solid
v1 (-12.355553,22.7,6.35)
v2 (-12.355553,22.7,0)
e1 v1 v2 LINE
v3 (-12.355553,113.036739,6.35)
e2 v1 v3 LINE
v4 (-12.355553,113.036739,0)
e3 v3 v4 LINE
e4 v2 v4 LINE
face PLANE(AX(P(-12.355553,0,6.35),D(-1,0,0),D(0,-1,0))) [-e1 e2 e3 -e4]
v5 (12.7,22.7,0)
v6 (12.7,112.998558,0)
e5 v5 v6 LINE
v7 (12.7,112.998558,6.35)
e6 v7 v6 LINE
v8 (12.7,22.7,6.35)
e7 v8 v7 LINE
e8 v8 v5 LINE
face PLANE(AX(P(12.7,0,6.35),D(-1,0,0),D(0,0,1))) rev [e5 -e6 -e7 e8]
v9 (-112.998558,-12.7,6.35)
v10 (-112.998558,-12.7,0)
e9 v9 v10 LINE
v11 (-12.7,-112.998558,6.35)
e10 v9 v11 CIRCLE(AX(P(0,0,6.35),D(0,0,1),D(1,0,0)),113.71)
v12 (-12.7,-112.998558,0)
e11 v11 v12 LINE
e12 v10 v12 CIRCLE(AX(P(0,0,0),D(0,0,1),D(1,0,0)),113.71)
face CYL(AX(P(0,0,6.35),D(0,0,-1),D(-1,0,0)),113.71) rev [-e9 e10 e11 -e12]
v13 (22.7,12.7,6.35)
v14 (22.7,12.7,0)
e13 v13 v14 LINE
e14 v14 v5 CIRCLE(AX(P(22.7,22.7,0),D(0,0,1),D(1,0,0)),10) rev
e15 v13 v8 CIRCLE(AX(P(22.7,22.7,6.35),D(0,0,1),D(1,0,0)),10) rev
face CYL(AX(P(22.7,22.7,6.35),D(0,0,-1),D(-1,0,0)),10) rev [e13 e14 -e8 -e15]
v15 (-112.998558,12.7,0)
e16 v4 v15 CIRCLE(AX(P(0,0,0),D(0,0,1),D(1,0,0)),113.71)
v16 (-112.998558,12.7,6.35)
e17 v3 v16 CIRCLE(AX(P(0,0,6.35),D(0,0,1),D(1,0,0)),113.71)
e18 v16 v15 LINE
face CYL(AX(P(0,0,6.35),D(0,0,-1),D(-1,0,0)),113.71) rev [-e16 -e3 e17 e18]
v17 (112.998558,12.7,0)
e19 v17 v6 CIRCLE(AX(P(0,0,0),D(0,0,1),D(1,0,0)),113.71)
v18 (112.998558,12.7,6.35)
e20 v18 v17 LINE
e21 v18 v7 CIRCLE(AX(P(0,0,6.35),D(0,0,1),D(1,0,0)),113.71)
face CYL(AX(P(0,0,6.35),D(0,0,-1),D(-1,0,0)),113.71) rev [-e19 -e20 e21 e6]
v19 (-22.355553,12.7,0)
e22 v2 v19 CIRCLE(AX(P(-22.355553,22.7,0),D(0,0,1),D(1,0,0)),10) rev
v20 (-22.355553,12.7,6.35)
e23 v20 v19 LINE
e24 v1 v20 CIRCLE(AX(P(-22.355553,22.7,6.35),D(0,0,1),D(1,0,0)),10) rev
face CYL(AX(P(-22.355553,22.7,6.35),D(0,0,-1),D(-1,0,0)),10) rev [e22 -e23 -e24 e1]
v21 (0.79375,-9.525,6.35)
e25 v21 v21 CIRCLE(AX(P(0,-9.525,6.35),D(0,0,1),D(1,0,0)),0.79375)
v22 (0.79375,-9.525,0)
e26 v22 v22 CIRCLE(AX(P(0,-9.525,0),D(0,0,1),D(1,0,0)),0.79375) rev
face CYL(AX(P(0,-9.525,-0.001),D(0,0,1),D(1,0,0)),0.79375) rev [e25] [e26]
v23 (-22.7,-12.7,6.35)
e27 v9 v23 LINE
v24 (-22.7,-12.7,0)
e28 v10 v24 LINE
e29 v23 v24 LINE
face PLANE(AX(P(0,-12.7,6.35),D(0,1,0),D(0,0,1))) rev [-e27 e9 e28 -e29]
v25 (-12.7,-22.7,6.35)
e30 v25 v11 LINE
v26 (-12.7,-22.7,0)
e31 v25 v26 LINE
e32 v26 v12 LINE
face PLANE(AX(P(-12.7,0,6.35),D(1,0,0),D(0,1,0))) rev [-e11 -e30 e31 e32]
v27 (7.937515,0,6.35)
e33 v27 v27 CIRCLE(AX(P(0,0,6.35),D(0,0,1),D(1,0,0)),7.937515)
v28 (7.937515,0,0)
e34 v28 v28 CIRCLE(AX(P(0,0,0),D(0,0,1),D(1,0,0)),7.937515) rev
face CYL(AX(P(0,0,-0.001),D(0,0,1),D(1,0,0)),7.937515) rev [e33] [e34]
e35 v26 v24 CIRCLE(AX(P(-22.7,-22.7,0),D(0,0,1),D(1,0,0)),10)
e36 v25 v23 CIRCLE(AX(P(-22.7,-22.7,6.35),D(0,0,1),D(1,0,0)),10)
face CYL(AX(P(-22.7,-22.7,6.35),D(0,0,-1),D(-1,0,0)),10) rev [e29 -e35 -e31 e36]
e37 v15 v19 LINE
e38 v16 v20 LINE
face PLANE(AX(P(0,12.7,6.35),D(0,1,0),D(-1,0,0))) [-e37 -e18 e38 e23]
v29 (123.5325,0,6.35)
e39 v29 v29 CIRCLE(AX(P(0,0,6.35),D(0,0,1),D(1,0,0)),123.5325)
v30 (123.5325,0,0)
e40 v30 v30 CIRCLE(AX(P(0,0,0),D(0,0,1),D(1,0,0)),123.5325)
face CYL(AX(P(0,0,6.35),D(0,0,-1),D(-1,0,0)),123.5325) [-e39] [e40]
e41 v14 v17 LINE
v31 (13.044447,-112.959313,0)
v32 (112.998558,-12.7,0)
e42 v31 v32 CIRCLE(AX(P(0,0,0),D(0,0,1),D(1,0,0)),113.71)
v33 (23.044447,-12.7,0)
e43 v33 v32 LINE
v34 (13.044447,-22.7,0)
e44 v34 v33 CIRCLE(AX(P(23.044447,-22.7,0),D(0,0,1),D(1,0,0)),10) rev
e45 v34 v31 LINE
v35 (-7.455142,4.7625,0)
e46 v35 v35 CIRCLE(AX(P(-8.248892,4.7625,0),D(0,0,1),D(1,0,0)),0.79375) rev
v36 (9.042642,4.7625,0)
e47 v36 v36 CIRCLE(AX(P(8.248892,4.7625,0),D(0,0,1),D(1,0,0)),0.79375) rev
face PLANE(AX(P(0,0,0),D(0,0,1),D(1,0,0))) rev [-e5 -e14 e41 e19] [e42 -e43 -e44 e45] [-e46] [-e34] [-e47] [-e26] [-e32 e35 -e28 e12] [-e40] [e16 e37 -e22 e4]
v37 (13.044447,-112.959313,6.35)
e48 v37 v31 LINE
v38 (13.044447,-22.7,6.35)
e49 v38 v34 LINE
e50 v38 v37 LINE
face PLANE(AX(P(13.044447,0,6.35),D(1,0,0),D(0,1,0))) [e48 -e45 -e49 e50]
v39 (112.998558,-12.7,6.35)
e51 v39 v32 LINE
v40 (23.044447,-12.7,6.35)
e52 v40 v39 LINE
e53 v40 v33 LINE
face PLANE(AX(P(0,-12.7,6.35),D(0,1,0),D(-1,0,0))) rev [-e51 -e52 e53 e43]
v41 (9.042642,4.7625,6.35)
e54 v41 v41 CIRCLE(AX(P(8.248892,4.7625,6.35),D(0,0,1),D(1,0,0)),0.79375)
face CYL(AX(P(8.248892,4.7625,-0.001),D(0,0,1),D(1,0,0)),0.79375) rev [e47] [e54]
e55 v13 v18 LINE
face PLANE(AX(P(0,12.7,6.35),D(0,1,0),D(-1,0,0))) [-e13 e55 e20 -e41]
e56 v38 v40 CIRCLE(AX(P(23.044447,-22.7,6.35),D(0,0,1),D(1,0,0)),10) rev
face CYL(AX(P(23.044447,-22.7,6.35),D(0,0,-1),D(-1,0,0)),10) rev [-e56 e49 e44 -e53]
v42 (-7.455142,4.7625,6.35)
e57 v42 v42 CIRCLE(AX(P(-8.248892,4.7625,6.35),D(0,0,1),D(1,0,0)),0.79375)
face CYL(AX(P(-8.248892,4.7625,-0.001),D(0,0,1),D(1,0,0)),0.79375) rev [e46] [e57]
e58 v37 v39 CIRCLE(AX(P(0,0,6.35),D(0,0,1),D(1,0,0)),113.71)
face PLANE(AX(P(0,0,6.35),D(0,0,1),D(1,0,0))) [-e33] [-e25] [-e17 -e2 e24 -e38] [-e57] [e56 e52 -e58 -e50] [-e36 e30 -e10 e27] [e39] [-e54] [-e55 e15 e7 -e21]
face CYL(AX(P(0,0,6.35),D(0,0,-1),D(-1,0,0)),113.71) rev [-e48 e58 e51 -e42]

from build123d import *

# Parameters (mm, degrees)
SKETCH1_R           = 123.5325
SKETCH1_R_2         = 113.71
BOSS_EXTRUDE1_DEPTH = 6.35
CUT_EXTRUDE1_REACH  = 176.817
SKETCH2_R           = 7.937515
CUT_EXTRUDE2_REACH  = 176.817
SKETCH3_R           = 0.79375


with BuildPart() as part:
    # Sketch1 → Boss-Extrude1 (new body)
    # profile 1 of 2: a face of its own
    with BuildSketch(Plane.XY):
        Circle(SKETCH1_R)
        Circle(SKETCH1_R_2, mode=Mode.SUBTRACT)
    # profile 2 of 2: a face of its own
    with BuildSketch(Plane.XY):
        with BuildLine():
            ThreePointArc((22.7, 12.7), (15.628932188, 15.628932188), (12.7, 22.7))
            Line((12.7, 22.7), (12.7, 112.998557955))
            ThreePointArc((12.7, 112.998557955), (0.173278497, 113.709867974), (-12.355552704, 113.036739237))
            Line((-12.355552704, 113.036739237), (-12.355552704, 22.7))
            ThreePointArc((-12.355552704, 22.7), (-15.284484892, 15.628932188), (-22.355552704, 12.7))
            Line((-22.355552704, 12.7), (-112.998557955, 12.7))
            ThreePointArc((-112.998557955, 12.7), (-113.71, 0), (-112.998557955, -12.7))
            Line((-112.998557955, -12.7), (-22.7, -12.7))
            ThreePointArc((-22.7, -12.7), (-15.628932188, -15.628932188), (-12.7, -22.7))
            Line((-12.7, -22.7), (-12.7, -112.998557955))
            ThreePointArc((-12.7, -112.998557955), (0.173337872, -113.709867883), (13.044447296, -112.959313448))
            Line((13.044447296, -112.959313448), (13.044447296, -22.7))
            ThreePointArc((13.044447296, -22.7), (15.973379485, -15.628932188), (23.044447296, -12.7))
            Line((23.044447296, -12.7), (112.998557955, -12.7))
            ThreePointArc((112.998557955, -12.7), (113.53200017, -6.359955774), (113.71, 0))
            ThreePointArc((113.71, 0), (113.53200017, 6.359955774), (112.998557955, 12.7))
            Line((112.998557955, 12.7), (22.7, 12.7))
        make_face()
    extrude(amount=BOSS_EXTRUDE1_DEPTH)

    # Sketch2 → Cut-Extrude1 (cut, up to next)
    with BuildSketch(Plane.XY.offset(6.35), mode=Mode.PRIVATE) as cut_extrude1_sk1:
        Circle(SKETCH2_R)
    cut_extrude1_tool1 = extrude(cut_extrude1_sk1.sketch, amount=-CUT_EXTRUDE1_REACH, mode=Mode.PRIVATE) & part.part
    add(cut_extrude1_tool1.solids().sort_by_distance((0, 0, 6.35))[0], mode=Mode.SUBTRACT)

    # Sketch3 → Cut-Extrude2 (cut, up to next)
    with BuildSketch(Plane.XY.offset(6.35), mode=Mode.PRIVATE) as cut_extrude2_sk1:
        with Locations((0, -9.525)):
            Circle(SKETCH3_R)
    cut_extrude2_tool1 = extrude(cut_extrude2_sk1.sketch, amount=-CUT_EXTRUDE2_REACH, mode=Mode.PRIVATE) & part.part
    # Sketch3 → Cut-Extrude2 (cut, up to next)
    with BuildSketch(Plane.XY.offset(6.35), mode=Mode.PRIVATE) as cut_extrude2_sk2:
        with Locations((8.248891971, 4.7625)):
            Circle(SKETCH3_R)
    cut_extrude2_tool2 = extrude(cut_extrude2_sk2.sketch, amount=-CUT_EXTRUDE2_REACH, mode=Mode.PRIVATE) & part.part
    # Sketch3 → Cut-Extrude2 (cut, up to next)
    with BuildSketch(Plane.XY.offset(6.35), mode=Mode.PRIVATE) as cut_extrude2_sk3:
        with Locations((-8.248891971, 4.7625)):
            Circle(SKETCH3_R)
    cut_extrude2_tool3 = extrude(cut_extrude2_sk3.sketch, amount=-CUT_EXTRUDE2_REACH, mode=Mode.PRIVATE) & part.part
    add(cut_extrude2_tool1.solids().sort_by_distance((0, -9.525, 6.35))[0], mode=Mode.SUBTRACT)
    add(cut_extrude2_tool2.solids().sort_by_distance((8.248892, 4.7625, 6.35))[0], mode=Mode.SUBTRACT)
    add(cut_extrude2_tool3.solids().sort_by_distance((-8.248892, 4.7625, 6.35))[0], mode=Mode.SUBTRACT)


solid = part.part
